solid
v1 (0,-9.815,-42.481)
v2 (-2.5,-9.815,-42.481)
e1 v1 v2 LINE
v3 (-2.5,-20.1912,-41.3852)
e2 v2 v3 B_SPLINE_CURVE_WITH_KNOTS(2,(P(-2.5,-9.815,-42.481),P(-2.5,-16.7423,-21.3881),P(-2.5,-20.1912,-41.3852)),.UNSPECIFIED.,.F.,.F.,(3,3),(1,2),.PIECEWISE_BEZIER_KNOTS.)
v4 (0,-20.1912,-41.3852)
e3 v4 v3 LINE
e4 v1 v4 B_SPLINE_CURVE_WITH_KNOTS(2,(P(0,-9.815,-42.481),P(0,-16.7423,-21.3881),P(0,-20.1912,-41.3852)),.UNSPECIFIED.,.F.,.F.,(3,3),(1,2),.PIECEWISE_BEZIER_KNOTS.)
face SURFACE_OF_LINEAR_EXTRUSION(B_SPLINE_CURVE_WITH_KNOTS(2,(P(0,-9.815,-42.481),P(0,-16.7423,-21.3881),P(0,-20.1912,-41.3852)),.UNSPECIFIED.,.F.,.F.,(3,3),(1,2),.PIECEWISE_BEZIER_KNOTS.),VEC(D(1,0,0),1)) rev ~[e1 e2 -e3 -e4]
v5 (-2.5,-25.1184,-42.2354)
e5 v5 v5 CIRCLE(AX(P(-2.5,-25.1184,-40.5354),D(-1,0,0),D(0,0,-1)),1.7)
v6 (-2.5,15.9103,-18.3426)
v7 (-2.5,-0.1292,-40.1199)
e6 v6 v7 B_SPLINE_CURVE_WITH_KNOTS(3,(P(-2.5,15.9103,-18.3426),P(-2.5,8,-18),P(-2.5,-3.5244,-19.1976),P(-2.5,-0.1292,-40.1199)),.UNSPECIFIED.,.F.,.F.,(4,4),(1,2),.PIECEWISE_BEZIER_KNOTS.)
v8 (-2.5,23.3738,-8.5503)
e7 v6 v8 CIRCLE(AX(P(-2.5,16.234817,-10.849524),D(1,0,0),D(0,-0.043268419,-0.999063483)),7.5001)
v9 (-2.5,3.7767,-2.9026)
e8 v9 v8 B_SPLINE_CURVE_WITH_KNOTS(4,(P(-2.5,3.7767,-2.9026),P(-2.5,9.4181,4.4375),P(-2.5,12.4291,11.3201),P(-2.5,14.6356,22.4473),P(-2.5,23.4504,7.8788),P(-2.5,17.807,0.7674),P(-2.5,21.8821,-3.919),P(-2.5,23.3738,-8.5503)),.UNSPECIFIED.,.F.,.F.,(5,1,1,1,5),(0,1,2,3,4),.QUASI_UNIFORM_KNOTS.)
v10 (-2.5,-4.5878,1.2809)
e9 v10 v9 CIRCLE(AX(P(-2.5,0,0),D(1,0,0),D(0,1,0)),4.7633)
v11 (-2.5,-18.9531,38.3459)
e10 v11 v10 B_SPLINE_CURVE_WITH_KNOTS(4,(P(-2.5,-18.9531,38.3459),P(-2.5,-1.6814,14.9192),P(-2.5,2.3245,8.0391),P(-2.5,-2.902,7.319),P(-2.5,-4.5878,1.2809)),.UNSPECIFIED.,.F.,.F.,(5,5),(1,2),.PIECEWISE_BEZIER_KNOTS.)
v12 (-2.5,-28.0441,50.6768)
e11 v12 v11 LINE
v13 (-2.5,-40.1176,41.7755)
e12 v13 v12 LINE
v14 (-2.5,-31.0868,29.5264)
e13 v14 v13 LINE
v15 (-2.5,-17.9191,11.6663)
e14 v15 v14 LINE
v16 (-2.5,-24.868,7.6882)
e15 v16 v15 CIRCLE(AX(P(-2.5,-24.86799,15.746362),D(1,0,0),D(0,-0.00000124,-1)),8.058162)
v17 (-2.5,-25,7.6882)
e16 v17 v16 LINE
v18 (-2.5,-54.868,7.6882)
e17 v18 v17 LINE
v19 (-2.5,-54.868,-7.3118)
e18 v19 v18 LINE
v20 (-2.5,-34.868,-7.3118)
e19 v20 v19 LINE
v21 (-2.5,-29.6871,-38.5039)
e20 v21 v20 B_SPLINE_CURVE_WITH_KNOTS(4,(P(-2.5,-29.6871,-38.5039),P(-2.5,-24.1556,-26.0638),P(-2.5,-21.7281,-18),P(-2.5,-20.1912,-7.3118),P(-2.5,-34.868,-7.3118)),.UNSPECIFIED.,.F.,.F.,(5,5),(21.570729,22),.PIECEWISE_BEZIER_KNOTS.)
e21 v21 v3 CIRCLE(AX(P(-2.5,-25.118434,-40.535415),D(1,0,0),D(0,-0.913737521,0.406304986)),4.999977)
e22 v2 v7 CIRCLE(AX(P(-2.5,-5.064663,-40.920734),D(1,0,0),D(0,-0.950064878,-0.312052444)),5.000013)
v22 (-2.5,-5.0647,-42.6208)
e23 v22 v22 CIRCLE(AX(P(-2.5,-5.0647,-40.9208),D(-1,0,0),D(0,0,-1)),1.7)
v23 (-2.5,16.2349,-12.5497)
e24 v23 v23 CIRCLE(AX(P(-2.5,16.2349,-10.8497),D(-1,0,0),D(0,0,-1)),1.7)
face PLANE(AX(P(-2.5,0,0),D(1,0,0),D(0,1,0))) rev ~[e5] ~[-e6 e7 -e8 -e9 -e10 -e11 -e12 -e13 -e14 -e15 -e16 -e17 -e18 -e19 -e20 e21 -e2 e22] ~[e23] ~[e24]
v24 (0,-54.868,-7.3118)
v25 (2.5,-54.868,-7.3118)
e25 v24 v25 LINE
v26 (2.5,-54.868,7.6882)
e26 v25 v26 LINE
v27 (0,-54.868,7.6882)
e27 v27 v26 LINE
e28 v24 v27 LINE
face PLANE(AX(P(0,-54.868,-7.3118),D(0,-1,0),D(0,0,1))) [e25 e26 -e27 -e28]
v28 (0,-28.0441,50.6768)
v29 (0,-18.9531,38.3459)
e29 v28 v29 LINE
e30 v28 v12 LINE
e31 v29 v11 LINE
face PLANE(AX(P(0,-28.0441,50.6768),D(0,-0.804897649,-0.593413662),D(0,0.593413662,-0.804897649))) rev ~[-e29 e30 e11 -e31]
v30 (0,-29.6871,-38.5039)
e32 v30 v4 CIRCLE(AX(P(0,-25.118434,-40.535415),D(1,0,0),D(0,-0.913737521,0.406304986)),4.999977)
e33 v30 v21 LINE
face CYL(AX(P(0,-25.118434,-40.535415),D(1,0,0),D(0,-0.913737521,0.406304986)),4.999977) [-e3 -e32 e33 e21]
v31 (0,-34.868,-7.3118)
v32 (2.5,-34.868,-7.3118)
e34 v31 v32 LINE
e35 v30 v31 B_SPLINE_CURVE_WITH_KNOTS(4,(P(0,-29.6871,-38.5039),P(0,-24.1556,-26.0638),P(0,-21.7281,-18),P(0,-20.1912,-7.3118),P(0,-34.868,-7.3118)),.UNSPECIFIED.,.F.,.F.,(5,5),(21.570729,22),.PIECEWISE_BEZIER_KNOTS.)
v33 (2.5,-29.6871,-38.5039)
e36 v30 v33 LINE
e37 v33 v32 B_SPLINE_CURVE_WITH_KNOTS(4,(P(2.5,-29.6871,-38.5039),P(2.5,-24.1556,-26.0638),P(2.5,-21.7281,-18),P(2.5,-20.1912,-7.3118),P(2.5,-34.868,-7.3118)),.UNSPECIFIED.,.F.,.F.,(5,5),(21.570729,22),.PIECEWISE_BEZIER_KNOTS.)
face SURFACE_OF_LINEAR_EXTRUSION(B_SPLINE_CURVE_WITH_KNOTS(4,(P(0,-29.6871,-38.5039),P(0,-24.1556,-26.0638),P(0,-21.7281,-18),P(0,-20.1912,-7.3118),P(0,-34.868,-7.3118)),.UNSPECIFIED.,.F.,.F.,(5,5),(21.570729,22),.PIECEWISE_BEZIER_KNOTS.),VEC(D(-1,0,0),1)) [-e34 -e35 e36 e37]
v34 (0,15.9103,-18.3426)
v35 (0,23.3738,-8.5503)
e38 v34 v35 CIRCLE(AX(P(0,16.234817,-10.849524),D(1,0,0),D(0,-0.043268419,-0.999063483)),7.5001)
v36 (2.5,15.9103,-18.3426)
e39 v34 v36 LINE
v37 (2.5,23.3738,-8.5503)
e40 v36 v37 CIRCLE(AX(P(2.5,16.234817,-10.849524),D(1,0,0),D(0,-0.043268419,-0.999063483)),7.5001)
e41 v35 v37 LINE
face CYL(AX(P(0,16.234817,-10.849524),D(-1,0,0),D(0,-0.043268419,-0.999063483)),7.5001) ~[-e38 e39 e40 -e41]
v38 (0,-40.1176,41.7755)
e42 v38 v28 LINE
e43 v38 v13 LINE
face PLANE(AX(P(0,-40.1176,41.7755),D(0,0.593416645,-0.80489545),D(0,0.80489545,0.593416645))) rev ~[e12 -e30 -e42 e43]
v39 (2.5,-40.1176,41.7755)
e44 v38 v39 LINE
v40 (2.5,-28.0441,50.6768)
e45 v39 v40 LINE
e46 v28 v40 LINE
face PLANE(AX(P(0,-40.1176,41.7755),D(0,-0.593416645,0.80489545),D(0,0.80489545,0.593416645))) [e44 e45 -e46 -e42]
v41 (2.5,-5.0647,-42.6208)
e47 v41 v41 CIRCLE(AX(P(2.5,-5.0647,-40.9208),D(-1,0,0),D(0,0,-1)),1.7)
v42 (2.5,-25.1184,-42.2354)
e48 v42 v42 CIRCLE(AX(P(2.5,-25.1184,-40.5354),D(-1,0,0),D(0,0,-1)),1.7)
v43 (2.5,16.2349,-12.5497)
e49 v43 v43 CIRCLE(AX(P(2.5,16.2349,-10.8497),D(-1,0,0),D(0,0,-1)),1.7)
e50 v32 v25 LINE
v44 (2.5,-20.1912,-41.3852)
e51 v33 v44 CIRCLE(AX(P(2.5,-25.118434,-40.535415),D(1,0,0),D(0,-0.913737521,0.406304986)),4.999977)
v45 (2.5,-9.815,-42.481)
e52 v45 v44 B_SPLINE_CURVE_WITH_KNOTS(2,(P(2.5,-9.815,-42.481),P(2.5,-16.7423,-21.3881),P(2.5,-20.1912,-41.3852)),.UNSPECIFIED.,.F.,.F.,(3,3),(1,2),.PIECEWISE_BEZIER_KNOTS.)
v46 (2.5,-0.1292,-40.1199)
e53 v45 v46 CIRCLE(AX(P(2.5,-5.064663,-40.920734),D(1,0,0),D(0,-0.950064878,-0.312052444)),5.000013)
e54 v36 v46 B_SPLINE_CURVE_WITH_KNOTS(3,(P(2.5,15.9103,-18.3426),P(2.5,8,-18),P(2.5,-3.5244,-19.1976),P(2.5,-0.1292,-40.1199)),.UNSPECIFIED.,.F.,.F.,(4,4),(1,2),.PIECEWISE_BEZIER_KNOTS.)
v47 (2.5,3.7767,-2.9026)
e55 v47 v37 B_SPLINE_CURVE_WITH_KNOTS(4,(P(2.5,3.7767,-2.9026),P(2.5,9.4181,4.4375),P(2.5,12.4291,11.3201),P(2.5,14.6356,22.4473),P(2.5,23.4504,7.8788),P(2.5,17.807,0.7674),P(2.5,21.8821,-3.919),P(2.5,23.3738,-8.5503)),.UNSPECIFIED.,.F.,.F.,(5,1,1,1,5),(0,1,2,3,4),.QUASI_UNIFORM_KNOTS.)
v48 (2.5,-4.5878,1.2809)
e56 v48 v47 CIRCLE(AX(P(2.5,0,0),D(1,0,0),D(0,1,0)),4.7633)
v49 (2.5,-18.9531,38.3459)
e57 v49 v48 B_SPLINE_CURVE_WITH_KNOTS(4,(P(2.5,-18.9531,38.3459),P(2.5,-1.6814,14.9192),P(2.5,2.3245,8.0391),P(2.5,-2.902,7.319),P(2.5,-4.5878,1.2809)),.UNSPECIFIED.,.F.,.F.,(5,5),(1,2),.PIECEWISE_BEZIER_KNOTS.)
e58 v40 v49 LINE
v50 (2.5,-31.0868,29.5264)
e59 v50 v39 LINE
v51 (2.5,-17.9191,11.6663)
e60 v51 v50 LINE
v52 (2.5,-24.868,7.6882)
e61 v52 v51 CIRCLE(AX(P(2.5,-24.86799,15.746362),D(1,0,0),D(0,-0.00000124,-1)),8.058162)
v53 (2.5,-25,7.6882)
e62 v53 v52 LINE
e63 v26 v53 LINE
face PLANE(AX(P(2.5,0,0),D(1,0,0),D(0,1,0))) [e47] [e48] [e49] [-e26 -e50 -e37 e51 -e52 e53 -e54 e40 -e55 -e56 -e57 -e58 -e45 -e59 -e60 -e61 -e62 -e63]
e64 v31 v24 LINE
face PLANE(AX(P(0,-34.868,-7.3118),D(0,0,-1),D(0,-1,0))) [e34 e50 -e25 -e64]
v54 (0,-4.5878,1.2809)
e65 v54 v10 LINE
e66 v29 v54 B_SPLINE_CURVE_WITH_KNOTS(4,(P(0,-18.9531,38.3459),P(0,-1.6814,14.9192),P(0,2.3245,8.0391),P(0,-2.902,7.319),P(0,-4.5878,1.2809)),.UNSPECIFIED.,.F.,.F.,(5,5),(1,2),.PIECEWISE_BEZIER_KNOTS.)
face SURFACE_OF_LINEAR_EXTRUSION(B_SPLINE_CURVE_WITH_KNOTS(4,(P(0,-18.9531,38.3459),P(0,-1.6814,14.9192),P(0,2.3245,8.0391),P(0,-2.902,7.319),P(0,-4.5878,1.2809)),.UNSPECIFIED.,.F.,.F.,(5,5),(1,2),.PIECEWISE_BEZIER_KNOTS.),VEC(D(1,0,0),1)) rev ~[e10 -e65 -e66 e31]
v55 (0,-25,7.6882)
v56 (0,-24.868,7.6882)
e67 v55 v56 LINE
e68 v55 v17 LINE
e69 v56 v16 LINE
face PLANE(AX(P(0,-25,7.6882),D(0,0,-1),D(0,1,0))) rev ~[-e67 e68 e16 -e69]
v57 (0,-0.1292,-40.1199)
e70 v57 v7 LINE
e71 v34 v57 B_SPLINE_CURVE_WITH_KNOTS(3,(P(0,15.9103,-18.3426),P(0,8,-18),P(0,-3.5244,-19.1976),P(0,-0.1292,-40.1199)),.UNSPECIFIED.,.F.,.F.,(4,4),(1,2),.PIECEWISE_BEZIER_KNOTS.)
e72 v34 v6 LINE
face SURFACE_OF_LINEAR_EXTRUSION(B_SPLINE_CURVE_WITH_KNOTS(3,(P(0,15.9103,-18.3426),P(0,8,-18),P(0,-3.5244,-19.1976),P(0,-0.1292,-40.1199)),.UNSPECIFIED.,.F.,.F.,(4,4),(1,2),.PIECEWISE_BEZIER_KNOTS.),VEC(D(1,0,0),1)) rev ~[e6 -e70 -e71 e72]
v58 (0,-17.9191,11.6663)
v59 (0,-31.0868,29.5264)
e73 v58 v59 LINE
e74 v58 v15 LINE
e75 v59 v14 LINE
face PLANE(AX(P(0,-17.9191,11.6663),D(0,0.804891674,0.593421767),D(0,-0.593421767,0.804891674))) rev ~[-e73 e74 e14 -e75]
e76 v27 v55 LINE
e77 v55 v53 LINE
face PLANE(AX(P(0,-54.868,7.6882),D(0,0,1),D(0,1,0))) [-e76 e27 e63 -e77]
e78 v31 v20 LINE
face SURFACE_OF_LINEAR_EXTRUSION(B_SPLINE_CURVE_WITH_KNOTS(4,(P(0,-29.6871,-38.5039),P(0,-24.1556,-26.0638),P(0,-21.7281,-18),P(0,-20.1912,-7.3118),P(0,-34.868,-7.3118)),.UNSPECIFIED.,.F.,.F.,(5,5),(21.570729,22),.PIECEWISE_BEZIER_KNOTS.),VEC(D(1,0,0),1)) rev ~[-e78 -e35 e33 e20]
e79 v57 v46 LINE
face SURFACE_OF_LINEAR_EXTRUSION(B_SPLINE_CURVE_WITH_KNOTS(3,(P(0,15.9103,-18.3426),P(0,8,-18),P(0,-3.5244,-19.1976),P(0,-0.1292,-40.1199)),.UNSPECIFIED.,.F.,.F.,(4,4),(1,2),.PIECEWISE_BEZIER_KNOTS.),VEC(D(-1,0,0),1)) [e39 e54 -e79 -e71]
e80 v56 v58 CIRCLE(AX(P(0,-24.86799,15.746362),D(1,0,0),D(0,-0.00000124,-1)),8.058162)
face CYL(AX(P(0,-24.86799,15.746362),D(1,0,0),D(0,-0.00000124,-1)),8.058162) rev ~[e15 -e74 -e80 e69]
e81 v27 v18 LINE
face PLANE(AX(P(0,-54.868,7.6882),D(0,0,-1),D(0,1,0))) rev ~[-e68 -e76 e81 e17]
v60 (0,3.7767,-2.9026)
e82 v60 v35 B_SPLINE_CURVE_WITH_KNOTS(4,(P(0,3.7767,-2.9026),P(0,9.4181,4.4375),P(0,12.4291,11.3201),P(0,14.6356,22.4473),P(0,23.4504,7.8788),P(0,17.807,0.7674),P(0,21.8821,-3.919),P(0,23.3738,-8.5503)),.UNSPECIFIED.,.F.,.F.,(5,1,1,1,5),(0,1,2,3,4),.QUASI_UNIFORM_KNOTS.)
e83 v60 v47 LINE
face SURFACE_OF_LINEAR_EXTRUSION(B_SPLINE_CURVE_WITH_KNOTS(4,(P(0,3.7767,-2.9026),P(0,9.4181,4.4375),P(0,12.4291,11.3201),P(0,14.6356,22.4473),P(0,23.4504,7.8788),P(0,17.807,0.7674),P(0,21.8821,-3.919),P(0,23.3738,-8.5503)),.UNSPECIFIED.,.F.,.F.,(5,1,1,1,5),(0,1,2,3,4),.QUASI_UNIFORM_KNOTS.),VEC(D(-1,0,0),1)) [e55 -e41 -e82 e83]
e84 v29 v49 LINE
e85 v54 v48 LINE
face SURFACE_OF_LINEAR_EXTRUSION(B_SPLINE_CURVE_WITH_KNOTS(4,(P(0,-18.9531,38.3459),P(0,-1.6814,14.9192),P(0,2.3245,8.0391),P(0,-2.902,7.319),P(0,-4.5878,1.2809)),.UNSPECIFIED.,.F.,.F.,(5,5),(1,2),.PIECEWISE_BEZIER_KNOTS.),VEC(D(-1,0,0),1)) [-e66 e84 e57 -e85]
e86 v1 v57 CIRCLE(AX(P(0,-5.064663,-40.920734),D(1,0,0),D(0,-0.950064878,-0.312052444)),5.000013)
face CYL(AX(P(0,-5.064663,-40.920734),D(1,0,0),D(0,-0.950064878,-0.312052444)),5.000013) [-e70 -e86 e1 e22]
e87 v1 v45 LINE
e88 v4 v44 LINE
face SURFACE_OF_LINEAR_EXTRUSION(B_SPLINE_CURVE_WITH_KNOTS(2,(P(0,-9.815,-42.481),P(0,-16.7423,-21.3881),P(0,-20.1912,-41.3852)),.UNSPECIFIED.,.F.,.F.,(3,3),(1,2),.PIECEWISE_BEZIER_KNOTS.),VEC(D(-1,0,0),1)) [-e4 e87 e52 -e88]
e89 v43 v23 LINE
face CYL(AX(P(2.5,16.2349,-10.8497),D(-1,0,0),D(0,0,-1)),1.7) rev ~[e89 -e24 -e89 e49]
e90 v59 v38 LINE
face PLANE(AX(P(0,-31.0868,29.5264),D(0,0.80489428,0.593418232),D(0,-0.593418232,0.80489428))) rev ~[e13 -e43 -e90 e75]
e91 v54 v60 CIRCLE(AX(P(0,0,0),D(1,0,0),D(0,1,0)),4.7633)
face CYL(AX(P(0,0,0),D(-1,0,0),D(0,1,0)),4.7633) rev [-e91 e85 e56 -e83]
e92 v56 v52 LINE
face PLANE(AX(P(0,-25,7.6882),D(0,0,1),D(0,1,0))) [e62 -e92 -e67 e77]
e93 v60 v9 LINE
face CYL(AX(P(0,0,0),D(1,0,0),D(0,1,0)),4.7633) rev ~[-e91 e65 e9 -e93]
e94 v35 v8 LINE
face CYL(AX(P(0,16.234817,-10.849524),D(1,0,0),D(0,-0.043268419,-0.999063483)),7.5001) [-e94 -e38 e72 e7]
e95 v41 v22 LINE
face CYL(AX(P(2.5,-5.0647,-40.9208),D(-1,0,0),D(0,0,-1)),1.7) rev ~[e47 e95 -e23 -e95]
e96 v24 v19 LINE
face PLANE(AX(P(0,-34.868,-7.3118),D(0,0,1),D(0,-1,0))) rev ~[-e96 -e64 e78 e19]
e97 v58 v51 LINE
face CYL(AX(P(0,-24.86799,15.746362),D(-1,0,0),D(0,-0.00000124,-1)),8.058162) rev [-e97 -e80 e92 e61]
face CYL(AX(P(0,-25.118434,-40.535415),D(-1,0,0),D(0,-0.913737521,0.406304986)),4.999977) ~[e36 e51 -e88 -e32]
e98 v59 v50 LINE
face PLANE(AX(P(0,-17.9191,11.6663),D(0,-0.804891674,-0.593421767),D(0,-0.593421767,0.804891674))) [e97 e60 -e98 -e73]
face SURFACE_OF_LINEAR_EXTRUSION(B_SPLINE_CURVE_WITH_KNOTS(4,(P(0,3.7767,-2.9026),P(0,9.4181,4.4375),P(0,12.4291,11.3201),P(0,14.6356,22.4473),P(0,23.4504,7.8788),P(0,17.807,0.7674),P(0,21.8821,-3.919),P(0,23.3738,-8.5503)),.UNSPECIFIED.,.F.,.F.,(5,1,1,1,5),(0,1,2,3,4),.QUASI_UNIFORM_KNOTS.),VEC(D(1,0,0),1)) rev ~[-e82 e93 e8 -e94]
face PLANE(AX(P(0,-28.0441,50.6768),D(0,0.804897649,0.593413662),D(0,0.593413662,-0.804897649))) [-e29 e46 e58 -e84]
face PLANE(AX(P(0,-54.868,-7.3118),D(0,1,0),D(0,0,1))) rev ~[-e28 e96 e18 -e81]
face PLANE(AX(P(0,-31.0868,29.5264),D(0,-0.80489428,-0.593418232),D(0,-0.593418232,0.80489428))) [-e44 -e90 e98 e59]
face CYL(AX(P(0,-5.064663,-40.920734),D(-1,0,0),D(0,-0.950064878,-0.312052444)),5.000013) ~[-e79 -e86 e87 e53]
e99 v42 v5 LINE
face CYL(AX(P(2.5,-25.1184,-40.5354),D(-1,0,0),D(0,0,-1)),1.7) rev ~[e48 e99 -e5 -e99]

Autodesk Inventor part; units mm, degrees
ref_plane "YZ Plane" through (0, 0, 0) normal (1, 0, 0) x (0, 1, 0)
ref_plane "XZ Plane" through (0, 0, 0) normal (0, 1, 0) x (-1, 0, 0)
ref_plane "XY Plane" through (0, 0, 0) normal (0, 0, 1) x (1, 0, 0)
sketch "Boceto1" plane through (0, 0, 0) normal (1, 0, 0) x (0, 1, 0)
  line L0 (-20.1912, -7.3118) -> (-34.868, -7.3118) construction
  spline S0 degree 4 poles (-29.6871, -38.5039) (-24.1556, -26.0638) (-21.7281, -18) (-20.1912, -7.3118) (-34.868, -7.3118) knots 21.570729 21.570729 21.570729 21.570729 21.570729 22 22 22 22 22
  line L1 (-29.6871, -38.5039) -> (-24.1556, -26.0638) construction
  line L2 (-24.1556, -26.0638) -> (-21.7281, -18) construction
  line L3 (-21.7281, -18) -> (-20.1912, -7.3118) construction
  line L4 (-50, 13.9603) -> (0, 0) construction
  line L5 (0, 0) -> (-50, 0) construction
  arc A0 (-29.6871, -38.5039) -> (-20.1912, -41.3852) centre (-25.1184, -40.5354) ccw
  line L6 (-16.7423, -21.3881) -> (-20.1912, -41.3852) construction
  spline S1 degree 2 poles (-9.815, -42.481) (-16.7423, -21.3881) (-20.1912, -41.3852) knots 1 1 1 2 2 2
  line L7 (-9.815, -42.481) -> (-16.7423, -21.3881) construction
  line L8 (2.3245, 8.0391) -> (-2.902, 7.319) construction
  spline S2 degree 4 poles (-18.9531, 38.3459) (-1.6814, 14.9192) (2.3245, 8.0391) (-2.902, 7.319) (-4.5878, 1.2809) knots 1 1 1 1 1 2 2 2 2 2
  line L9 (-18.9531, 38.3459) -> (-1.6814, 14.9192) construction
  line L10 (-1.6814, 14.9192) -> (2.3245, 8.0391) construction
  line L11 (-2.902, 7.319) -> (-4.5878, 1.2809) construction
  line L12 (3.7767, -2.9026) -> (9.4181, 4.4375) construction
  spline S3 degree 4 poles (3.7767, -2.9026) (9.4181, 4.4375) (12.4291, 11.3201) (14.6356, 22.4473) (23.4504, 7.8788) (17.807, 0.7674) (21.8821, -3.919) (23.3738, -8.5503) knots 0 0 0 0 0 1 2 3 4 4 4 4 4
  line L13 (9.4181, 4.4375) -> (12.4291, 11.3201) construction
  line L14 (12.4291, 11.3201) -> (14.6356, 22.4473) construction
  line L15 (14.6356, 22.4473) -> (23.4504, 7.8788) construction
  line L16 (23.4504, 7.8788) -> (17.807, 0.7674) construction
  line L17 (17.807, 0.7674) -> (21.8821, -3.919) construction
  line L18 (21.8821, -3.919) -> (23.3738, -8.5503) construction
  circle A1 centre (0, 0) radius 4.7633
  arc A2 (15.9103, -18.3426) -> (23.3738, -8.5503) centre (16.2349, -10.8497) ccw
  line L19 (-34.0809, 46.2261) -> (0, 0) construction
  arc A3 (-9.815, -42.481) -> (-0.1292, -40.1199) centre (-5.0647, -40.9208) ccw
  line L20 (-3.5244, -19.1976) -> (-0.1292, -40.1199) construction
  spline S4 degree 3 poles (15.9103, -18.3426) (8, -18) (-3.5244, -19.1976) (-0.1292, -40.1199) knots 1 1 1 1 2 2 2 2
  line L21 (15.9103, -18.3426) -> (8, -18) construction
  line L22 (8, -18) -> (-3.5244, -19.1976) construction
  line L23 (-31.0868, 29.5264) -> (-40.1176, 41.7755)
  line L24 (-28.0441, 50.6768) -> (-18.9531, 38.3459)
  line L25 (-40.1176, 41.7755) -> (-28.0441, 50.6768)
  line L26 (-34.868, -7.3118) -> (-54.868, -7.3118)
  line L27 (-54.868, -7.3118) -> (-54.868, 7.6882)
  line L28 (-54.868, 7.6882) -> (-25, 7.6882)
  line L29 (-25, 7.6882) -> (-24.868, 7.6882)
  arc A4 (-24.868, 7.6882) -> (-17.9191, 11.6663) centre (-24.868, 15.7464) ccw
  line L30 (-17.9191, 11.6663) -> (-31.0868, 29.5264)
  point P0 (3.7768, -2.9026)
  dimension "d1" = 38
  dimension "d3" = 9.5266
  dimension "d4" = 15
  dimension "d5" = 10
  dimension "d6" = 10
  dimension "d7" = 344.4
  dimension "d25" = 20
  dimension "d26" = 15
  dimension "d28" = 15
  dimension "d29" = 30
  dimension "d30" = 30
extrude "Extrusión1" add sketch "Boceto1" along normal mid plane 5 contours S0 L26 L27 L28 L29 A4 L30 L23 L25 L24 S2 A1 S3 A2 S4 A3 S1 A0
sketch "Boceto2" plane through (2.5, 0, 0) normal (1, 0, 0) x (0, 0, -1)
  arc A0 (18.3426, 15.9103) -> (8.5503, 23.3738) centre (10.8497, 16.2349) ccw projected
  point P0 (0, 0)
hole "Agujero1" at (2.5, 16.2349, -10.8497) direction (-1, 0, 0) diameter 3.4 end through all clearance for "Tornillo para maquinaria de cabeza plana" size "M3" standard "Perfil M métrico ANSI"
sketch "Boceto3" plane through (2.5, 0, 0) normal (1, 0, 0) x (0, 0, -1)
  arc A0 (42.481, -9.815) -> (40.1199, -0.1292) centre (40.9208, -5.0647) ccw projected
  arc A1 (38.5039, -29.6871) -> (41.3852, -20.1912) centre (40.5354, -25.1184) ccw projected
  point P0 (0, 0)
hole "Agujero2" at (2.5, -5.0647, -40.9208) at (2.5, -25.1184, -40.5354) direction (-1, 0, 0) diameter 3.4 end through all clearance for "Tornillo para maquinaria de cabeza plana" size "M3" standard "Perfil M métrico ANSI"
properties part number "lamina_eje_trasero"
